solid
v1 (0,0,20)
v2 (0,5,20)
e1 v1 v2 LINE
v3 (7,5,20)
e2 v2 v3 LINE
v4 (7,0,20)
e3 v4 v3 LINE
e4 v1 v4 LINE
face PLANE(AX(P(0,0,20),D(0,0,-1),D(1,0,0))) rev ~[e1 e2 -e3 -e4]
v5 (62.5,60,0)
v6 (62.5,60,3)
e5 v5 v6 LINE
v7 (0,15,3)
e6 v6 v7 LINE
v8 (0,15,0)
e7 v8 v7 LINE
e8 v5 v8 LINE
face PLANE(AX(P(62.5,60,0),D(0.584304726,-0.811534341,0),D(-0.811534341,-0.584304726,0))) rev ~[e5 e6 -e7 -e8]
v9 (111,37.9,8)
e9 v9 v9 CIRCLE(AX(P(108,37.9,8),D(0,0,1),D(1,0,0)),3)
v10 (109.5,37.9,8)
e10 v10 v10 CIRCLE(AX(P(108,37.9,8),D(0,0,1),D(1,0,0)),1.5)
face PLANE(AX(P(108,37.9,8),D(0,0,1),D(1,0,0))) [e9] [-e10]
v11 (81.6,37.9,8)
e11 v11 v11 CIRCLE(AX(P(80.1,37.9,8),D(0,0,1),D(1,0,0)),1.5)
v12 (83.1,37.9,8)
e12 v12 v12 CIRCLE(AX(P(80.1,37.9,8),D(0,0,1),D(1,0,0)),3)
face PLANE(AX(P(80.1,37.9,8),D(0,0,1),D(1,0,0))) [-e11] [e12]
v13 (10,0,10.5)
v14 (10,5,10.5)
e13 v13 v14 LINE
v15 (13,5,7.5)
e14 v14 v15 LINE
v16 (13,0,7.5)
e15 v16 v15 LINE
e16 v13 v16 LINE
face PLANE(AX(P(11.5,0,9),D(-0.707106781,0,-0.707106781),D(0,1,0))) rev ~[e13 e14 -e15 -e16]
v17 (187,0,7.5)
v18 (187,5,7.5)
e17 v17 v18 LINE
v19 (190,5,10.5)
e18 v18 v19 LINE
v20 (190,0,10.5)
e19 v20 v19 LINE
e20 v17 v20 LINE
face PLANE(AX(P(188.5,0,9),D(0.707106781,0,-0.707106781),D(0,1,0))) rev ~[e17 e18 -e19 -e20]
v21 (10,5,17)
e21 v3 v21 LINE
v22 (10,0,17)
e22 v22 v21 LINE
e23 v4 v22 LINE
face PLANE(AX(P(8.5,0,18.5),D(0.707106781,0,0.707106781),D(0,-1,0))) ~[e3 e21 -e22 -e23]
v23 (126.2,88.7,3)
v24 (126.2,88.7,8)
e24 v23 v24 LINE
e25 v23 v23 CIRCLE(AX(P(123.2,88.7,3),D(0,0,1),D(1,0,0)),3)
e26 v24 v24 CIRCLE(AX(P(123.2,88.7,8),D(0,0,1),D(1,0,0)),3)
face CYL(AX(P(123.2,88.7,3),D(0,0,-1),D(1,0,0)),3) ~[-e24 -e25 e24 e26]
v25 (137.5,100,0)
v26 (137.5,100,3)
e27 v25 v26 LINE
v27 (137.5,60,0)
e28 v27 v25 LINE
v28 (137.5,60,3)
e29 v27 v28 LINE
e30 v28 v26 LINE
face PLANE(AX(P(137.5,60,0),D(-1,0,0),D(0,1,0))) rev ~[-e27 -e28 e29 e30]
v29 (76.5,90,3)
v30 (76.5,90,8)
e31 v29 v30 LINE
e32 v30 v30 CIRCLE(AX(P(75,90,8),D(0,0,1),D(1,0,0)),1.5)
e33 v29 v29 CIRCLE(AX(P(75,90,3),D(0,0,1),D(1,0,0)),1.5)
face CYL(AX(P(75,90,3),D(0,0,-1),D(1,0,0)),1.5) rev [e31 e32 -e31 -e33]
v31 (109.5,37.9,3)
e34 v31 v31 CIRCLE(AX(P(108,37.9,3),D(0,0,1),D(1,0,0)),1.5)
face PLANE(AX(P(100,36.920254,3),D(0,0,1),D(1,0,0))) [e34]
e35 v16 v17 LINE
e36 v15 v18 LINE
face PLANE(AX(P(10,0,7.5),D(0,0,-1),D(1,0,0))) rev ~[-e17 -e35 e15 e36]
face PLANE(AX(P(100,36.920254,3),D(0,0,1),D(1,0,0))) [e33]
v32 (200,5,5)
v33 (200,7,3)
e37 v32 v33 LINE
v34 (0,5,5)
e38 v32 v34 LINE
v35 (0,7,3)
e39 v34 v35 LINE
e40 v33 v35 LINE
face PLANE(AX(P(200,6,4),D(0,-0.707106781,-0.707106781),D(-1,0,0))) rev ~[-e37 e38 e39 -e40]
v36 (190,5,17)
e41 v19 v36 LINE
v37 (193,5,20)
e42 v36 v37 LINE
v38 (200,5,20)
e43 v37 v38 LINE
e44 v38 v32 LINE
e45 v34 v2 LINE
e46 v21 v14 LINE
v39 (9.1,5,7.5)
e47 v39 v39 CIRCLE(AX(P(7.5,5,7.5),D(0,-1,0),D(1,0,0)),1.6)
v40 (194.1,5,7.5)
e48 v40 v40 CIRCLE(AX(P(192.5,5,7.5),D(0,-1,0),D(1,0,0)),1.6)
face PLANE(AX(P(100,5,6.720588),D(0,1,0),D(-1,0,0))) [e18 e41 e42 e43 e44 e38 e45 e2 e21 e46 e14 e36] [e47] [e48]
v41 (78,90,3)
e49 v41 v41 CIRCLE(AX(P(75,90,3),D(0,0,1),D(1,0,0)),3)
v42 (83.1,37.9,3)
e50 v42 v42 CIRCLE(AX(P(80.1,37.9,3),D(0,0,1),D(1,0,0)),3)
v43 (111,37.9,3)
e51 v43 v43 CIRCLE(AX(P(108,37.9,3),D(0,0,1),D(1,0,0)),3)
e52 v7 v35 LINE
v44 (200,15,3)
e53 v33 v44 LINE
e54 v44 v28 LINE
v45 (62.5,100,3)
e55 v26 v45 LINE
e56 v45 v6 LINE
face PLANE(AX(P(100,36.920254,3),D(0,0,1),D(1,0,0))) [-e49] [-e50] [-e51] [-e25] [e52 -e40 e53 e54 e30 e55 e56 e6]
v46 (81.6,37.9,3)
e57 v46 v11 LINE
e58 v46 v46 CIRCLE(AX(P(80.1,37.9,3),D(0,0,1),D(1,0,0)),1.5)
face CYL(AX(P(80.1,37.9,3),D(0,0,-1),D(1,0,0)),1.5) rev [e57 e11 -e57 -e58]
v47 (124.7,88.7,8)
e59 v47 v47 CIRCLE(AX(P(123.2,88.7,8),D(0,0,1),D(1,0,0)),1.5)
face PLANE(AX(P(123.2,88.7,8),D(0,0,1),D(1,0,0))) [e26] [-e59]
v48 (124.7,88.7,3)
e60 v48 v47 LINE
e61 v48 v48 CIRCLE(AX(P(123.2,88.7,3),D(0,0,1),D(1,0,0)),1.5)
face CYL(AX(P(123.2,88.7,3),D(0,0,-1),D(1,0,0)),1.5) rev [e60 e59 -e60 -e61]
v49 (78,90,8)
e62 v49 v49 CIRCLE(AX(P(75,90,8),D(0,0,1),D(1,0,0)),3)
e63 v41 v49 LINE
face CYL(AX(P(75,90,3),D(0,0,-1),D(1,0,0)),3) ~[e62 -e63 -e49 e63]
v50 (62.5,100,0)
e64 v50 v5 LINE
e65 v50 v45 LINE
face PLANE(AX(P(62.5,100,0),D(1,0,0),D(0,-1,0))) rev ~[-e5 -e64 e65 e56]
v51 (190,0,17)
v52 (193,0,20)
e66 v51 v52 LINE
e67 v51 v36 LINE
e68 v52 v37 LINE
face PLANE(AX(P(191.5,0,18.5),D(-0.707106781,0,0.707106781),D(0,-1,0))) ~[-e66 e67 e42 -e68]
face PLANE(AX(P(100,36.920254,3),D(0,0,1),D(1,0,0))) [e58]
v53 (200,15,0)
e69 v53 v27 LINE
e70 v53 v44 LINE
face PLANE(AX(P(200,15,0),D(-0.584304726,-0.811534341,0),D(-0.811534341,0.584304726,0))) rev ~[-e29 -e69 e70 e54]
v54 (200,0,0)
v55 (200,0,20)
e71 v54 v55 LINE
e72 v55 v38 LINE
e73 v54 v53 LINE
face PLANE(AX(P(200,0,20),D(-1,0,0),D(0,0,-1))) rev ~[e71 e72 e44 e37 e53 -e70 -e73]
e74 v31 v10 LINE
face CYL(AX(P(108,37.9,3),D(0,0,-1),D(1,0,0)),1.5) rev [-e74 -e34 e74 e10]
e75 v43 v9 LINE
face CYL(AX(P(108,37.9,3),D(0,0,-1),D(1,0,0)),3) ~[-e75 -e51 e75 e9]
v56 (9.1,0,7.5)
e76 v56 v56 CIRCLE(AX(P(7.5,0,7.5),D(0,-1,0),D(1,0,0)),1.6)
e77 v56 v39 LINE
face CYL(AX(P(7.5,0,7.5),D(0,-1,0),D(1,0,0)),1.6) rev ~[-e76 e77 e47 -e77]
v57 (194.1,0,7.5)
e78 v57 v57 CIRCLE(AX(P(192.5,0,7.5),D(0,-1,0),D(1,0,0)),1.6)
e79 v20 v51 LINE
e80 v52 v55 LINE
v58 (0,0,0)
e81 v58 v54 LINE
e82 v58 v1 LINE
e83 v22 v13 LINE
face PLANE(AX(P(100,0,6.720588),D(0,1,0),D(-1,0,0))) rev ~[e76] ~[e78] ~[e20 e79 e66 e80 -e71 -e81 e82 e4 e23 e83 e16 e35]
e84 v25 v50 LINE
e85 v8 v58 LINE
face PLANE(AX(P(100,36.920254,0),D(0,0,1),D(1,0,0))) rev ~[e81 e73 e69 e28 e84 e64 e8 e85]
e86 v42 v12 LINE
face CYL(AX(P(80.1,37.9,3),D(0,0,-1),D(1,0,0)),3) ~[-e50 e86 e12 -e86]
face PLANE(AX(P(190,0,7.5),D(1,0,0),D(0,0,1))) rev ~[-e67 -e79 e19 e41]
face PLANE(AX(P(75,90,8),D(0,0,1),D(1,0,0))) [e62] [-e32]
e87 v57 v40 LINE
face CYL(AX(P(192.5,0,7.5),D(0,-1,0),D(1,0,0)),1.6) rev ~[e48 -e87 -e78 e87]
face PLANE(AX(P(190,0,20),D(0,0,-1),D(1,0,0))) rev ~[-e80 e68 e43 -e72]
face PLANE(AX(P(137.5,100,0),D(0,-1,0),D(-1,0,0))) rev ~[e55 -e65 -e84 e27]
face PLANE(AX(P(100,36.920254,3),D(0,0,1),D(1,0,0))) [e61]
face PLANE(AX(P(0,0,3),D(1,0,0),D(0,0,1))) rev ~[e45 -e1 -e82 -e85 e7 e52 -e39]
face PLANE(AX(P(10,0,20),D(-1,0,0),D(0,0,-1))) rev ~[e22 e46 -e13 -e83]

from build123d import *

# Parameters (mm, degrees)
PAD_DEPTH       = 3
PAD001_DEPTH    = 5
SKETCH002_R     = 1.6
POCKET_DEPTH    = 100.001
SKETCH003_R     = 3
SKETCH003_R_2   = 1.5
PAD002_DEPTH    = 5
CHAMFER_SIZE    = 3
CHAMFER001_SIZE = 2


with BuildPart() as part:
    # Sketch → Pad (new body)
    with BuildSketch(Plane.XY):
        Polygon((0, 0), (200, 0), (200, 15), (137.5, 60), (137.5, 100), (62.5, 100), (62.5, 60), (0, 15), align=None)
    extrude(amount=PAD_DEPTH)

    # Sketch001 (on Face1 of Pad) → Pad001 (join)
    with BuildSketch(Plane.XZ):
        Polygon((0, 3), (0, 20), (10, 20), (10, 7.5), (190, 7.5), (190, 20), (200, 20), (200, 3), align=None)
    extrude(amount=-PAD001_DEPTH)

    # Sketch002 (on Face14 of Pad001) → Pocket (cut, through all)
    with BuildSketch(Plane.XZ):
        with Locations((7.5, 7.5)):
            Circle(SKETCH002_R)
        with Locations((192.5, 7.5)):
            Circle(SKETCH002_R)
    extrude(amount=-POCKET_DEPTH, mode=Mode.SUBTRACT)

    # Sketch003 (on Face7 of Pocket) → Pad002 (join)
    with BuildSketch(Plane.XY.offset(3)):
        with Locations((75, 90)):
            Circle(SKETCH003_R)
        with Locations((75, 90)):
            Circle(SKETCH003_R_2, mode=Mode.SUBTRACT)
        with Locations((123.2, 88.7)):
            Circle(SKETCH003_R)
        with Locations((123.2, 88.7)):
            Circle(SKETCH003_R_2, mode=Mode.SUBTRACT)
        with Locations((108, 37.9)):
            Circle(SKETCH003_R)
        with Locations((108, 37.9)):
            Circle(SKETCH003_R_2, mode=Mode.SUBTRACT)
        with Locations((80.1, 37.9)):
            Circle(SKETCH003_R)
        with Locations((80.1, 37.9)):
            Circle(SKETCH003_R_2, mode=Mode.SUBTRACT)
    extrude(amount=PAD002_DEPTH)

    # Chamfer
    chamfer_edges = [part.edges().sort_by_distance(p)[0] for p in [
        (10, 2.5, 7.5),
        (190, 2.5, 7.5),
        (190, 2.5, 20),
        (10, 2.5, 20),
    ]]
    chamfer(chamfer_edges, length=CHAMFER_SIZE)

    # Chamfer001
    chamfer001_edges = [part.edges().sort_by_distance(p)[0] for p in [
        (100, 5, 3),
    ]]
    chamfer(chamfer001_edges, length=CHAMFER001_SIZE)


solid = part.part
